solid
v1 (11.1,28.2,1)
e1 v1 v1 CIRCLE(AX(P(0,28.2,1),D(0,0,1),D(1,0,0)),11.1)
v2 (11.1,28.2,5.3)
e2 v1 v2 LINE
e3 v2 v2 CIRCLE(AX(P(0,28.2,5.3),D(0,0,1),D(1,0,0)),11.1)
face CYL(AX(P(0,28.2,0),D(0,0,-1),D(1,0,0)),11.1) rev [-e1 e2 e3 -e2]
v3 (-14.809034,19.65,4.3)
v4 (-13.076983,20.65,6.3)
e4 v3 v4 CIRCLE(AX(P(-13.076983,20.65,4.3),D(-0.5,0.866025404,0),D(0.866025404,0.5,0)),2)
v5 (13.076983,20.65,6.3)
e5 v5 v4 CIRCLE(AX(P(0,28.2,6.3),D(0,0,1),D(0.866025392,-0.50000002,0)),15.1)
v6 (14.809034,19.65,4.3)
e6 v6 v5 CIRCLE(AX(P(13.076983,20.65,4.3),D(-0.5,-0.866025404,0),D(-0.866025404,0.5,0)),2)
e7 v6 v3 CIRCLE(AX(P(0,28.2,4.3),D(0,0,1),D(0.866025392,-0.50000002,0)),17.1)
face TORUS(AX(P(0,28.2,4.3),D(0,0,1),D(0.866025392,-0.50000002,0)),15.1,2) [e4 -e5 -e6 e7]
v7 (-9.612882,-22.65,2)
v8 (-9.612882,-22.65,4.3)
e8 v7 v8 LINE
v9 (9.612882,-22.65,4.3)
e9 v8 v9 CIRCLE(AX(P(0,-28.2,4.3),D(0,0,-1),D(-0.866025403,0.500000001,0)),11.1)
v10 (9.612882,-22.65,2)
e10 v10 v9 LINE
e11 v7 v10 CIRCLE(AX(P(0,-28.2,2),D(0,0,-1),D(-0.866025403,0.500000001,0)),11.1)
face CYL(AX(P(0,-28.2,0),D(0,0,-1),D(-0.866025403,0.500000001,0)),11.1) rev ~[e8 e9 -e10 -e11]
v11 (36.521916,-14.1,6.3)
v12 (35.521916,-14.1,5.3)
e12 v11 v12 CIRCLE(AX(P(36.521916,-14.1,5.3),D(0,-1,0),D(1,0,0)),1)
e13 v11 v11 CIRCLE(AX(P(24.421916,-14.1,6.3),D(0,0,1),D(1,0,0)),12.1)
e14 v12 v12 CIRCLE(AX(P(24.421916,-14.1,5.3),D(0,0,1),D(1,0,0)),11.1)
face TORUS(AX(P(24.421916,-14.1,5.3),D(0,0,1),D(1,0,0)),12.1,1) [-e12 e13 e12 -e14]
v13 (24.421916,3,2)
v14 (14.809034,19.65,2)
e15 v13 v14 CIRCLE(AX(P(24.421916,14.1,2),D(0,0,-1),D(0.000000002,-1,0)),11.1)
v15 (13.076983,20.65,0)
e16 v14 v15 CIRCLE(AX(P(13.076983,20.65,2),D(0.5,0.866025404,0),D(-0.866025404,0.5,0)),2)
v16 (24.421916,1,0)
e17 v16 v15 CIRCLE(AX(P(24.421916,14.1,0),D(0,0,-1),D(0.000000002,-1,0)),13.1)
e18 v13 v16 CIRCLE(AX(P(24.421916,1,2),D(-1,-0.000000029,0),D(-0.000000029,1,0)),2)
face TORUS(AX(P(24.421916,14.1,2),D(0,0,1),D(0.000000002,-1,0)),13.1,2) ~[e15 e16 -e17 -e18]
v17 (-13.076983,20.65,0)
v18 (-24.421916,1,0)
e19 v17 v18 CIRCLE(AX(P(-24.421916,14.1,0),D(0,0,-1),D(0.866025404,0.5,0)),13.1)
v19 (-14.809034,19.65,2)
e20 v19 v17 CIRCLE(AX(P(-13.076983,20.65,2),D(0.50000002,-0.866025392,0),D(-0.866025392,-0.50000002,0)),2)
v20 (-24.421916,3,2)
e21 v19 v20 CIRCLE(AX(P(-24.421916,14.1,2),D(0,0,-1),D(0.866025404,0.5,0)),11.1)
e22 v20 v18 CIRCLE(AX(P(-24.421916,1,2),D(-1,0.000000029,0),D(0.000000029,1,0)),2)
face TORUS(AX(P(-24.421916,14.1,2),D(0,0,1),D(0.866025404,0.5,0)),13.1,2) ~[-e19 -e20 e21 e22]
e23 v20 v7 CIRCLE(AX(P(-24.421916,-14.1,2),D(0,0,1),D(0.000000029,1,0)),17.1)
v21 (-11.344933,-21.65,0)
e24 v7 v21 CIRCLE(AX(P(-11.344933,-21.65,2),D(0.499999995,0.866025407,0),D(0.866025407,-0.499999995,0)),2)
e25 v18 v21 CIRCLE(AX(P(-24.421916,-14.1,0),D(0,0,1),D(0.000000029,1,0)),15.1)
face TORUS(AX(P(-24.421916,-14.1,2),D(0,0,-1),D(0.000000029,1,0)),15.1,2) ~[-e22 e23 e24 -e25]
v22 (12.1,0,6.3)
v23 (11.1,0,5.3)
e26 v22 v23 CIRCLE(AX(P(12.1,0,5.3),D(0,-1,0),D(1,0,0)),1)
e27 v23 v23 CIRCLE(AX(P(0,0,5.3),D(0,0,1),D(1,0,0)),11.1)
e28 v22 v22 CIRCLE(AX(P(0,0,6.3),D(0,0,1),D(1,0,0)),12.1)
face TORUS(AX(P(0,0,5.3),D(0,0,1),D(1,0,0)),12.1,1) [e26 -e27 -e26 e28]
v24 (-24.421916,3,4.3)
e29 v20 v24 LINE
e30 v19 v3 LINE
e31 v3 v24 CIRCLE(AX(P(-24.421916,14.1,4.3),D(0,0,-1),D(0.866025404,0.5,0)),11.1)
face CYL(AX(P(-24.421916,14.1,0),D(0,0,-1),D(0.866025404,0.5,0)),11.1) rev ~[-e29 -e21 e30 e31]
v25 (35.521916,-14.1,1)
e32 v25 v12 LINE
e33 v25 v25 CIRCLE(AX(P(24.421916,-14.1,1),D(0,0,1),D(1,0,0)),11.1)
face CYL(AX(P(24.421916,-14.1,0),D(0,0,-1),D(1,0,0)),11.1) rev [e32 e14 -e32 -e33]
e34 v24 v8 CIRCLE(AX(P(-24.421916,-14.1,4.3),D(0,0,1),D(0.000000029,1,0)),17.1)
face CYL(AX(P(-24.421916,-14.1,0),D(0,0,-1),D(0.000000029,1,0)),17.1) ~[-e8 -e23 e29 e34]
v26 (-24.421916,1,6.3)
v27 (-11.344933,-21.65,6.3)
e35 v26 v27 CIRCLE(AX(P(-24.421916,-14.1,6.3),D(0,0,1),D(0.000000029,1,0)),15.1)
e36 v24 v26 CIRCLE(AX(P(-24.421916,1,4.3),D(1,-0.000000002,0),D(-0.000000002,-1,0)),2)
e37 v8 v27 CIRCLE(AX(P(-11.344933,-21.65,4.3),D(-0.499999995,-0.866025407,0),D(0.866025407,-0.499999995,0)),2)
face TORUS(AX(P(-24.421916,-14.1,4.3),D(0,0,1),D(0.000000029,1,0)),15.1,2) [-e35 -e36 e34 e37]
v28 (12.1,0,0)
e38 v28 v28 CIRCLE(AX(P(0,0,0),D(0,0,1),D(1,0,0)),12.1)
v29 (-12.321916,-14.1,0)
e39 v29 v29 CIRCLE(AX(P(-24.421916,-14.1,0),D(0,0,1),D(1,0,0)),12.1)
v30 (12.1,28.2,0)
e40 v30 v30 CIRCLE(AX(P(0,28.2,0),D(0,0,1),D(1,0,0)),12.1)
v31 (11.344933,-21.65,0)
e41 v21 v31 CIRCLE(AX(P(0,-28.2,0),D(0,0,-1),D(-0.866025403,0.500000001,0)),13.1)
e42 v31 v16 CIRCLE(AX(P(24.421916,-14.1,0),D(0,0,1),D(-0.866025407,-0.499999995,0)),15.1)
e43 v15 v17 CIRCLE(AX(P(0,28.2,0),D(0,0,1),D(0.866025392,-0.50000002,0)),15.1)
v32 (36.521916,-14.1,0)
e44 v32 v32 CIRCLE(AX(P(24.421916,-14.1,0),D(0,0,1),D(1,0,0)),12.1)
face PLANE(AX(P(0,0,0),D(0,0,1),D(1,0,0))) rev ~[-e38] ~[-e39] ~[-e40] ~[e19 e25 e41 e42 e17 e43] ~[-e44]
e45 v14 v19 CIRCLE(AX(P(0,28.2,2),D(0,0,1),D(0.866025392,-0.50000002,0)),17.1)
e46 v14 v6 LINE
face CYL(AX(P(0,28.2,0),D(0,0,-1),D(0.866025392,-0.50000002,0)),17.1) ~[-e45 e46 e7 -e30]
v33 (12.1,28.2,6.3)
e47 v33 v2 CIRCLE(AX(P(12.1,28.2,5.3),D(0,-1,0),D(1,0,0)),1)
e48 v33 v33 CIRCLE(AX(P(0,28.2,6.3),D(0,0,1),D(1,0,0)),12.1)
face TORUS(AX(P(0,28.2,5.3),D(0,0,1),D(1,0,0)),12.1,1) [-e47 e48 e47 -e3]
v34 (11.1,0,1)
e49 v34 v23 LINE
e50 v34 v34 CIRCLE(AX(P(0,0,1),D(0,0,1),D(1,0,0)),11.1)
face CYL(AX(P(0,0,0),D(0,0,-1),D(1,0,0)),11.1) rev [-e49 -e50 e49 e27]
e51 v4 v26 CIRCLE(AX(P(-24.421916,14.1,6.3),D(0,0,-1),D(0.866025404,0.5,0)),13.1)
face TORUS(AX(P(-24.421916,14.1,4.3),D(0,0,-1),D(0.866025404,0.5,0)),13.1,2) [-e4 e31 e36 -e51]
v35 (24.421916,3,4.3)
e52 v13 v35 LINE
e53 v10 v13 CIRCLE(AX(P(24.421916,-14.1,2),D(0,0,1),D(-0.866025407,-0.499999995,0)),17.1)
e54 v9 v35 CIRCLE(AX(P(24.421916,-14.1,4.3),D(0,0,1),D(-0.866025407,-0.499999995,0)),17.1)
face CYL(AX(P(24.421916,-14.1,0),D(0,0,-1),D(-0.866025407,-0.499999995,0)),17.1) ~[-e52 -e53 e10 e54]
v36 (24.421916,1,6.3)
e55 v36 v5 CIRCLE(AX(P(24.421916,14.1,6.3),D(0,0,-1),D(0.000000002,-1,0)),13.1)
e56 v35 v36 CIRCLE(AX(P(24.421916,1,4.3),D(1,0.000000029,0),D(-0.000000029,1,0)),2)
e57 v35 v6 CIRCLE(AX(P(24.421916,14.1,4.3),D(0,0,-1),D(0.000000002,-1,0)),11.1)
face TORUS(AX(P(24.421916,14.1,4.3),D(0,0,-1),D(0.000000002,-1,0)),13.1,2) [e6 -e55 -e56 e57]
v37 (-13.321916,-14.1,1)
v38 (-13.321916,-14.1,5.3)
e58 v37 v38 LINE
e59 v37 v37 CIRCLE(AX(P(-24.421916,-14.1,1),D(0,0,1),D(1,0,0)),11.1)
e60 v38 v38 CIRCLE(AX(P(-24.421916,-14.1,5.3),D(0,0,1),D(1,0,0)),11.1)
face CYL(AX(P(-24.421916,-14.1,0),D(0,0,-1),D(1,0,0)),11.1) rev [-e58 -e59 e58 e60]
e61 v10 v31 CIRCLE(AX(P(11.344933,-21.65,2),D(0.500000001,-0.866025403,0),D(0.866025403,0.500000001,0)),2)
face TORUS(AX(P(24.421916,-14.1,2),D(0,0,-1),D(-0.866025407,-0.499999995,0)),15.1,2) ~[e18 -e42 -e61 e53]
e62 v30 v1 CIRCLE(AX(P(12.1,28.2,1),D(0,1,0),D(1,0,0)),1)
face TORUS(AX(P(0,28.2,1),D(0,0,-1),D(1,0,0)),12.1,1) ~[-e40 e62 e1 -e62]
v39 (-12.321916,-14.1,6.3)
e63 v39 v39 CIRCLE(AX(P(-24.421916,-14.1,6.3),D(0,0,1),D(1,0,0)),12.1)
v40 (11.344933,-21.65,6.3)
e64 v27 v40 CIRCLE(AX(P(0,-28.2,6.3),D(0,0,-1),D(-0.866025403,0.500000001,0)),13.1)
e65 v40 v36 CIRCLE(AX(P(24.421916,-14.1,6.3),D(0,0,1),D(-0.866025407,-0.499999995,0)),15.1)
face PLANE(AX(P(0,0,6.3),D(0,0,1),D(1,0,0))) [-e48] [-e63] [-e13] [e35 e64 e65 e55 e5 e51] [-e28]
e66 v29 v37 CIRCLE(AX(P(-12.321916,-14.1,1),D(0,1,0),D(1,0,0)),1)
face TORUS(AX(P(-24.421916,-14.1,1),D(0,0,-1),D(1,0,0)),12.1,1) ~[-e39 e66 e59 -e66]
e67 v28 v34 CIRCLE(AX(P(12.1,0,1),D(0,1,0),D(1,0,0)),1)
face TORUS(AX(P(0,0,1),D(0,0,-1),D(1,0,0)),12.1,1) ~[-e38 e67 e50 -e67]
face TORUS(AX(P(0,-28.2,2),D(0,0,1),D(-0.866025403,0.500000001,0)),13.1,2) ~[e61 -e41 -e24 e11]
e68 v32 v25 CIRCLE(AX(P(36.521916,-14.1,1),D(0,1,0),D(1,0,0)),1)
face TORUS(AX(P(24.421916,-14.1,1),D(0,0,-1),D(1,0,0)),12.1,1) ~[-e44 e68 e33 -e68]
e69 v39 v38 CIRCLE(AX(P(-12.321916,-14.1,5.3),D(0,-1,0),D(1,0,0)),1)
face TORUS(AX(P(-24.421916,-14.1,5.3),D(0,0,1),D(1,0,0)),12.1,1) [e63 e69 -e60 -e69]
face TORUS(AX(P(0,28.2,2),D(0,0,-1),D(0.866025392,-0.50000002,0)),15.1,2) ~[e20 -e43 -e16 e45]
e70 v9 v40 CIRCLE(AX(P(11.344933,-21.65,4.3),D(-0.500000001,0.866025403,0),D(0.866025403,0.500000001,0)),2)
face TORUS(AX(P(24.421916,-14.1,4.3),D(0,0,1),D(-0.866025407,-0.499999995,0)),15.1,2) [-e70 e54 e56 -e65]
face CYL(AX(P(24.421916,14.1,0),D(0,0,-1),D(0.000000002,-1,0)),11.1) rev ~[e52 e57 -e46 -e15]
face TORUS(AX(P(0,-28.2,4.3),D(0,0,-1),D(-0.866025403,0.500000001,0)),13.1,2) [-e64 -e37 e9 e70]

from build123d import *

# Parameters (mm, degrees)
F0_R     = 11.1
F1_DEPTH = 6.3
F2_R     = 2
F3_R     = 1


with BuildPart() as f1:
    # F0 (on Top) → F1 (new body)
    with BuildSketch(Plane.XY):
        with BuildLine():
            ThreePointArc((24.421916, 3), (14.809034, 8.55), (14.809034, 19.65))
            ThreePointArc((14.809034, 19.65), (0, 45.3), (-14.809034, 19.65))
            ThreePointArc((-14.809034, 19.65), (-14.809034, 8.55), (-24.421916, 3))
            ThreePointArc((-24.421916, 3), (-39.230951, -22.65), (-9.612882, -22.65))
            ThreePointArc((-9.612882, -22.65), (0, -17.1), (9.612882, -22.65))
            ThreePointArc((9.612882, -22.65), (39.230951, -22.65), (24.421916, 3))
        make_face()
        with Locations((-24.421916, -14.1)):
            Circle(F0_R, mode=Mode.SUBTRACT)
        Circle(F0_R, mode=Mode.SUBTRACT)
        with Locations((24.421916, -14.1)):
            Circle(F0_R, mode=Mode.SUBTRACT)
        with Locations((0, 28.2)):
            Circle(F0_R, mode=Mode.SUBTRACT)
    extrude(amount=F1_DEPTH)

    # F2
    f2_edges = [f1.edges().sort_by_distance(p)[0] for p in [
        (-14.809034, 8.55, 6.3),
        (-39.230951, -22.65, 0),
    ]]
    fillet(f2_edges, radius=F2_R)

    # F3
    f3_edges = [f1.edges().sort_by_distance(p)[0] for p in [
        (-35.521916, -14.1, 0),
        (-11.1, 0, 0),
        (13.321916, -14.1, 0),
        (-11.1, 28.2, 0),
        (-11.1, 0, 6.3),
        (13.321916, -14.1, 6.3),
        (-11.1, 28.2, 6.3),
        (-35.521916, -14.1, 6.3),
    ]]
    fillet(f3_edges, radius=F3_R)


solid = f1.part
